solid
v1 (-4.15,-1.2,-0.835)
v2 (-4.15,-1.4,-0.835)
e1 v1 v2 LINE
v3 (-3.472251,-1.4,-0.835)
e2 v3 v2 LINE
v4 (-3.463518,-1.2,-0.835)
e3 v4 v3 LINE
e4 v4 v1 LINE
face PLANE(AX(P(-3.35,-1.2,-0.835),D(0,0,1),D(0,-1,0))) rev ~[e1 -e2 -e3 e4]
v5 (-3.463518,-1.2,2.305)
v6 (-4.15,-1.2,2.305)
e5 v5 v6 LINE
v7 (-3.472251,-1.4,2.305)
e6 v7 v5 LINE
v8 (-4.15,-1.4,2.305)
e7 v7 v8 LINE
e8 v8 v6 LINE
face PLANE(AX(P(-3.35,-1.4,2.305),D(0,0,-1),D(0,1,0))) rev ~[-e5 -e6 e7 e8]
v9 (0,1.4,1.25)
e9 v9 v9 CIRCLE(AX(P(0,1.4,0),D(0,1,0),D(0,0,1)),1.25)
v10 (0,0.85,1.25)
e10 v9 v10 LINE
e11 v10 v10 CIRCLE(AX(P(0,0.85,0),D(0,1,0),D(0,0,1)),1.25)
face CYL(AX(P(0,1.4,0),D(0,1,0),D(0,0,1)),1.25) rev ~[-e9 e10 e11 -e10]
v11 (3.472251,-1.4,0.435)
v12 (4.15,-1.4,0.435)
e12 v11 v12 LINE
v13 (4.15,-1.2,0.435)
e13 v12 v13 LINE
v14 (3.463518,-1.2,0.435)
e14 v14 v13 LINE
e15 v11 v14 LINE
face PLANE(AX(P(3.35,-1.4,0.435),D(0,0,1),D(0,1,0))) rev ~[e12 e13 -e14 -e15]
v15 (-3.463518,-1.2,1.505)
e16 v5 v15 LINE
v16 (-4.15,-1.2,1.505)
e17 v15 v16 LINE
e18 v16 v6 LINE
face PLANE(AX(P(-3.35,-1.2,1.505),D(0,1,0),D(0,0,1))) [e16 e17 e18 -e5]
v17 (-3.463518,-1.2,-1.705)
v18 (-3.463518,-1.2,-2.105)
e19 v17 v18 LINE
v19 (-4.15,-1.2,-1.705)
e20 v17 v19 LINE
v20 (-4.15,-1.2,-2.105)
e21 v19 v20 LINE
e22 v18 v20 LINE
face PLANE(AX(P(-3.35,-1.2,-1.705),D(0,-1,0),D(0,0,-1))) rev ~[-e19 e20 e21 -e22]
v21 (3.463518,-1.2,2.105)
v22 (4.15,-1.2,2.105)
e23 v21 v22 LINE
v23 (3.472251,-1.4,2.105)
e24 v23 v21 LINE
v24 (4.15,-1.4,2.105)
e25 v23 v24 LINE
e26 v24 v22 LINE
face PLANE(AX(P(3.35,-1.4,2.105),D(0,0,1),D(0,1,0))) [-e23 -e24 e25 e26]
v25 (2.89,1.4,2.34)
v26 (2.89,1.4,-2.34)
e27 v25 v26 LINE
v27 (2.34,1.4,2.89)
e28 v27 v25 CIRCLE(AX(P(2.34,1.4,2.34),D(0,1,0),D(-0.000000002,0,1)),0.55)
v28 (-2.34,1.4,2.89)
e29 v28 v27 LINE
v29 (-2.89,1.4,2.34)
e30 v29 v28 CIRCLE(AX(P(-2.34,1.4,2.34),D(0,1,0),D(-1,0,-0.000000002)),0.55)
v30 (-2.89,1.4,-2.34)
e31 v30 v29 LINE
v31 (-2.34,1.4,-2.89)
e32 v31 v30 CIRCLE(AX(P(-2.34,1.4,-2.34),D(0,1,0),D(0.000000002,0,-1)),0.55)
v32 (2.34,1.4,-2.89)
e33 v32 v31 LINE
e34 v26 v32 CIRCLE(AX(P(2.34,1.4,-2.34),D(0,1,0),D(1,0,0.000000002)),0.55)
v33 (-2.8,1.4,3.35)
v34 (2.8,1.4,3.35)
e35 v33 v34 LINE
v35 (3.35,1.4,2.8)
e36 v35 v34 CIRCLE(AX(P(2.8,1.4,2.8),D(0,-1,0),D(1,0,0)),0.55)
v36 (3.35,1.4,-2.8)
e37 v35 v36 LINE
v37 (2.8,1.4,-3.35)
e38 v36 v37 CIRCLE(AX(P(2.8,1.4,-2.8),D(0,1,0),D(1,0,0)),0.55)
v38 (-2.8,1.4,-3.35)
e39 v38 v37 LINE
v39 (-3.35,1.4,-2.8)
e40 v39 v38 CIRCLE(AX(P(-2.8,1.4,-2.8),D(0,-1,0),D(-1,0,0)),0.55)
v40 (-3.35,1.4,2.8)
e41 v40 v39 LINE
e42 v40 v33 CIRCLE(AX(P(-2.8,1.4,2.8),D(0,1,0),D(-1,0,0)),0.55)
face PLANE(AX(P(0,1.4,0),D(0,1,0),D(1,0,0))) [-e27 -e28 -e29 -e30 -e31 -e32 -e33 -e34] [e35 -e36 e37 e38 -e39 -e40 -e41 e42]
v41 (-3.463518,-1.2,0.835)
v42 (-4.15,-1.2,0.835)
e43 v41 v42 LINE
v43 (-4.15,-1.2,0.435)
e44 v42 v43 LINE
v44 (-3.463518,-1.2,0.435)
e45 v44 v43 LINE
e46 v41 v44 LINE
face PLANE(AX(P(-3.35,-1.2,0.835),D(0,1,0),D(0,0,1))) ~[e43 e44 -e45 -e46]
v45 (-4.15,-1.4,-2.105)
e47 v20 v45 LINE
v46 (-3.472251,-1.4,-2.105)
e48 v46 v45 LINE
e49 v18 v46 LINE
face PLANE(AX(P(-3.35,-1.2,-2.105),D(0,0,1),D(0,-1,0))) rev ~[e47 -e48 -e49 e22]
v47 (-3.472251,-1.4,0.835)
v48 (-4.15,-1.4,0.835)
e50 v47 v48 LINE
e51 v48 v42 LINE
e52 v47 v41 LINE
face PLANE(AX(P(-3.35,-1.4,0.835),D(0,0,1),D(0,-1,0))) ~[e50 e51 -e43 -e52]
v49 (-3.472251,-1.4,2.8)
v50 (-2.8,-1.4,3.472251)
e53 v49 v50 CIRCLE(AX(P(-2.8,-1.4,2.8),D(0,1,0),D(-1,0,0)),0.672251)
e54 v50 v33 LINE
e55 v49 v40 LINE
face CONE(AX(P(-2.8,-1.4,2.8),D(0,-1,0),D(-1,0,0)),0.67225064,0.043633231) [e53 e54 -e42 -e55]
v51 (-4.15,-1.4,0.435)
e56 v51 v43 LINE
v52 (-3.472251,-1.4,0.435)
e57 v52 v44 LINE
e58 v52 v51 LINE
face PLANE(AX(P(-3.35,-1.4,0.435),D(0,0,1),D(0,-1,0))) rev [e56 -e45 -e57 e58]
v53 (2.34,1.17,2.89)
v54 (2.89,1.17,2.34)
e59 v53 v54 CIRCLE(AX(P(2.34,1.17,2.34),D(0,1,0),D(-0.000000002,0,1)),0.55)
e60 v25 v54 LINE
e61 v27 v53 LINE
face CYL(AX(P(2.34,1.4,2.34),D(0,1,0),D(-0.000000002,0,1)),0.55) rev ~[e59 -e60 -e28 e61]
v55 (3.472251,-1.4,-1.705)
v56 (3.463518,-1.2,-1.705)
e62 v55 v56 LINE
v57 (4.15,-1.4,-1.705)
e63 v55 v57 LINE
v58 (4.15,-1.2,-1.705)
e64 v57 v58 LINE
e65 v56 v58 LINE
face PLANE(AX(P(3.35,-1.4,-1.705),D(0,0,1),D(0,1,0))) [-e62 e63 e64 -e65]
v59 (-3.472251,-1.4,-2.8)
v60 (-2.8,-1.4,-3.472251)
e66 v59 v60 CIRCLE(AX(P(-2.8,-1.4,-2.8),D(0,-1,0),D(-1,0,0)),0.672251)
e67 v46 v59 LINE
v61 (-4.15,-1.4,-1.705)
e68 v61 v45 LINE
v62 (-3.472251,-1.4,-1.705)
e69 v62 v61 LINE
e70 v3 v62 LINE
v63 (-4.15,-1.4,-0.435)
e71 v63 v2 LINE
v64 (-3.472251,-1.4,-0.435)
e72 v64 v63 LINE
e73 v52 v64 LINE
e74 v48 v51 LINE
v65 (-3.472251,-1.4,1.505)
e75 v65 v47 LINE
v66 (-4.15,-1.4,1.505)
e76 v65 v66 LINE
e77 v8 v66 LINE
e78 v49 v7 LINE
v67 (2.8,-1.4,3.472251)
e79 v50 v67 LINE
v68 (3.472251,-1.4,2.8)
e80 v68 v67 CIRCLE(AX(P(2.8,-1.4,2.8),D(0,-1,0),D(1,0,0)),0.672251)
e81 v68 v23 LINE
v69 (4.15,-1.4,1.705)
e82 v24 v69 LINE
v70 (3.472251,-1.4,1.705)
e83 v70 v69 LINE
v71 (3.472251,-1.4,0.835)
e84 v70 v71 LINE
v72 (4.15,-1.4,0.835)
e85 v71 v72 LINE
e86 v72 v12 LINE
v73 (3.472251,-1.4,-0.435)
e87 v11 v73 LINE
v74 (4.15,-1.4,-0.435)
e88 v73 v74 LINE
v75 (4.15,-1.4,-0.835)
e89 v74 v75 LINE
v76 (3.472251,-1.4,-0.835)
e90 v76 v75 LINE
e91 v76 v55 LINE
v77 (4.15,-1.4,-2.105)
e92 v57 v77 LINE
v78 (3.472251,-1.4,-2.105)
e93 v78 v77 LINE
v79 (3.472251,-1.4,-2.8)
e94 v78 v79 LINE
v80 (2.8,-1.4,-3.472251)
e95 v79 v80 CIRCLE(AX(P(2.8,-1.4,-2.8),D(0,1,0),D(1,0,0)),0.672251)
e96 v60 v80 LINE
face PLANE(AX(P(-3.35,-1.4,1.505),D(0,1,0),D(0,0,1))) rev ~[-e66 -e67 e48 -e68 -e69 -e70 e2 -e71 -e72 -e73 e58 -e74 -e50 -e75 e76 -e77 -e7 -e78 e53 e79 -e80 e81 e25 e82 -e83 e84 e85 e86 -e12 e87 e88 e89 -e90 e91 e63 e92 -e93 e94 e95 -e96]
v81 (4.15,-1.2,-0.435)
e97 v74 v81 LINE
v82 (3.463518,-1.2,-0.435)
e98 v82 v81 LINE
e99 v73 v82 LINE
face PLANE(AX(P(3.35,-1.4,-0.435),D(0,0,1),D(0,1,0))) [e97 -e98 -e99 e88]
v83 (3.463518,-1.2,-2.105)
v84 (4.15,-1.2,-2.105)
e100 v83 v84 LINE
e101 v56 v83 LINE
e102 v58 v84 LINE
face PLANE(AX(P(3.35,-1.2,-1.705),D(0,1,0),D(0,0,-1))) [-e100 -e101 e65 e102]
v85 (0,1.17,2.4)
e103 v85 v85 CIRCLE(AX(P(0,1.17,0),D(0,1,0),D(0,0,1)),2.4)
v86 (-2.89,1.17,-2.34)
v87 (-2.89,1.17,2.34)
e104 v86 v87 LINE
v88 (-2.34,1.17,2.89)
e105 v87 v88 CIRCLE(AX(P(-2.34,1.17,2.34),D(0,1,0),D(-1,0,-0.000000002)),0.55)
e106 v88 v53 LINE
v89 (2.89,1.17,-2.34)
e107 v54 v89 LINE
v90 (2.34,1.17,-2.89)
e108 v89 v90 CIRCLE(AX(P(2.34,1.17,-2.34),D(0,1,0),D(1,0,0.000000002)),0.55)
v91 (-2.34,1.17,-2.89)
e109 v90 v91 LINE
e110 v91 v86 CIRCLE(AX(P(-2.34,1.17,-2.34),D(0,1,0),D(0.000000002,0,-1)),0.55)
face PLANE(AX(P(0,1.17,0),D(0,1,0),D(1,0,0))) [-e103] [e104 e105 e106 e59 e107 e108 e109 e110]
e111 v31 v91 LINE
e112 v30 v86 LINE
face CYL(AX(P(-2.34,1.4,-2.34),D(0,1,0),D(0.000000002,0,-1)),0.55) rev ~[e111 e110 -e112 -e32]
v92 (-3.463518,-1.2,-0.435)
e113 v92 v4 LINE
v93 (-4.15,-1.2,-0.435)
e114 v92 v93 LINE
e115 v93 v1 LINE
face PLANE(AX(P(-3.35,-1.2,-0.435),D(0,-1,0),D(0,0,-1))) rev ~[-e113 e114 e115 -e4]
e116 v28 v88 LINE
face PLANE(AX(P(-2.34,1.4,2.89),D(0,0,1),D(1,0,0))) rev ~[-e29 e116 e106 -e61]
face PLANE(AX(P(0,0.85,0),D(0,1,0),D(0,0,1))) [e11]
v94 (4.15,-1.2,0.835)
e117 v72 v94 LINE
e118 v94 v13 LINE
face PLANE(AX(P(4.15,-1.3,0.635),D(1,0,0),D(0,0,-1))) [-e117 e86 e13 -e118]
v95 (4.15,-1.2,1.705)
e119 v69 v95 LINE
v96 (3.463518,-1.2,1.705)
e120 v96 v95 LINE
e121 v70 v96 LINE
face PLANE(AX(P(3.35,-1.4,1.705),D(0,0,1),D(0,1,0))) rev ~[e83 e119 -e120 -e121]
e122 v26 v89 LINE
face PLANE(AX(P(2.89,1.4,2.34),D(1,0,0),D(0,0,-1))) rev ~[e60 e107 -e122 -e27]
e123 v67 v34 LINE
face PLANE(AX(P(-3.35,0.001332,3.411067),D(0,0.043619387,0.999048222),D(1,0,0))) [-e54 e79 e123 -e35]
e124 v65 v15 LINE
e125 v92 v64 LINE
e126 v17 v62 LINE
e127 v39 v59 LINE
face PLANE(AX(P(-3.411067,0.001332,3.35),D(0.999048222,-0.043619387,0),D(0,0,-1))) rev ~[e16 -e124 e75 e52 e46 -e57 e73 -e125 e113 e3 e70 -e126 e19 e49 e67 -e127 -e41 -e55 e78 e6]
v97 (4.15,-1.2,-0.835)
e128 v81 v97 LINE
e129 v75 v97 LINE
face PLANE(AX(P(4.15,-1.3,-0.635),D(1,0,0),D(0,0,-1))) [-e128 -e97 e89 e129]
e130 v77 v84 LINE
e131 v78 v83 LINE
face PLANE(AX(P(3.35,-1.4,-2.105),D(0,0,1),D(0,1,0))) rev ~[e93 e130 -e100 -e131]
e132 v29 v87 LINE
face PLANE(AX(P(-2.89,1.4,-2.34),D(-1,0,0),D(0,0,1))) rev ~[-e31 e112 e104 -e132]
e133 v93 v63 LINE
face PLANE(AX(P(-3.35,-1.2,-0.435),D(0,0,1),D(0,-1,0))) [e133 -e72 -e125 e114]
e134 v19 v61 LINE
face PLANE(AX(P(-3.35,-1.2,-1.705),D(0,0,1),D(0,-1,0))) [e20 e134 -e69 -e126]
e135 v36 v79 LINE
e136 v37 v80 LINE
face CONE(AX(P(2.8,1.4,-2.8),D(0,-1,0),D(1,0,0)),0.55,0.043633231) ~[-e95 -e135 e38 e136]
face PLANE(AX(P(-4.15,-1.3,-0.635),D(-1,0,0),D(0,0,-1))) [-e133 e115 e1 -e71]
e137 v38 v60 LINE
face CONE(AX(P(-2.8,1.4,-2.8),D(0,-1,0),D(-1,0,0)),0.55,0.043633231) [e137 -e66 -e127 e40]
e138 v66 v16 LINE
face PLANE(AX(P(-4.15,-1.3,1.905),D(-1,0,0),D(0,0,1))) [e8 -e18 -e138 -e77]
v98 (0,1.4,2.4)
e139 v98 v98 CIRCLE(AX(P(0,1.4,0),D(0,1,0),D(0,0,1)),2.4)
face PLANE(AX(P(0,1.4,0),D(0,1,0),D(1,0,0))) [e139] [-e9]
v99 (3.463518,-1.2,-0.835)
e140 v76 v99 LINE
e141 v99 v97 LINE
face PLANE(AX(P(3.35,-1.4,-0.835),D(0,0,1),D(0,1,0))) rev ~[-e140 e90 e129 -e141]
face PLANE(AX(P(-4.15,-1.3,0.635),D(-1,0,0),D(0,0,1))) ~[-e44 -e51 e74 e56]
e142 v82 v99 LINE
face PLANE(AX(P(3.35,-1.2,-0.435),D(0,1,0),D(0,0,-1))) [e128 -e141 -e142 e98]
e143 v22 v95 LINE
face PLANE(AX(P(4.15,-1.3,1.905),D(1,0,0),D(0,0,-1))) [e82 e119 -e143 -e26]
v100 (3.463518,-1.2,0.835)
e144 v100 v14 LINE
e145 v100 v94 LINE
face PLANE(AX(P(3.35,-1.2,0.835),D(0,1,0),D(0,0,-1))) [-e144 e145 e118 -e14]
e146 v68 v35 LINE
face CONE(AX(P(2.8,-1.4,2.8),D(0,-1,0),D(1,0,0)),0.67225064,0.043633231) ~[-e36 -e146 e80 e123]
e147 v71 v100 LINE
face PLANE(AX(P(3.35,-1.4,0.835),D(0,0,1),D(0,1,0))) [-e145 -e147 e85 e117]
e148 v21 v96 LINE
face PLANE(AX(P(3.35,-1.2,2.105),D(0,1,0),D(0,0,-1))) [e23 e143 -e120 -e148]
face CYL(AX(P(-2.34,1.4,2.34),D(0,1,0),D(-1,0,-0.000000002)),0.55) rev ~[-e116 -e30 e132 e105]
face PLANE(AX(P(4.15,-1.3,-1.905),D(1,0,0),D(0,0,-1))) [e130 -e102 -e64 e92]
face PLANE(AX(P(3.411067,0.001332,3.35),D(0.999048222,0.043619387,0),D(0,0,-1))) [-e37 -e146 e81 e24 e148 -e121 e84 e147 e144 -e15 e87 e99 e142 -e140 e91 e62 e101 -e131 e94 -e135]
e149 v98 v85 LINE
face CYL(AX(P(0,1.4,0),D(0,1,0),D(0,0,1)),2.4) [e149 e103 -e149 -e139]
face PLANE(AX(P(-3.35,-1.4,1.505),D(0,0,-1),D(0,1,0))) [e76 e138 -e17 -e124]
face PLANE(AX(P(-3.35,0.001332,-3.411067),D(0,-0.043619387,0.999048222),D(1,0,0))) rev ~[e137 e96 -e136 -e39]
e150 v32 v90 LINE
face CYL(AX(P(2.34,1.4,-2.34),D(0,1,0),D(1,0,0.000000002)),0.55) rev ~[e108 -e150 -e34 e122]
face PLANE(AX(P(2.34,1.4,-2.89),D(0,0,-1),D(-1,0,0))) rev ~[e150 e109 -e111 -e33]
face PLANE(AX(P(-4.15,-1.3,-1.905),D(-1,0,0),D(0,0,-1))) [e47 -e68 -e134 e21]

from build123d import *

# Parameters (mm, degrees)
SKETCH1_W               = 6.7
SKETCH1_H               = 6.7
BOSS_EXTRUDE1_DEPTH     = 1.4
SKETCH2_W               = 0.4
SKETCH2_H               = 0.2
BOSS_EXTRUDE2_DEPTH     = 0.8
LPATTERN1_COUNT         = 3
LPATTERN1_PITCH         = 1.27
LPATTERN1_COL_COUNT     = 2
LPATTERN1_COL_PITCH     = 1.27
MIRROR1_COPY_1_SKETCH_W = 0.4
MIRROR1_COPY_1_SKETCH_H = 0.2
MIRROR1_COPY_1_DEPTH    = 0.8
MIRROR1_COPY_2_SKETCH_W = 0.4
MIRROR1_COPY_2_SKETCH_H = 0.2
MIRROR1_COPY_2_DEPTH    = 0.8
MIRROR1_COPY_3_SKETCH_W = 0.4
MIRROR1_COPY_3_SKETCH_H = 0.2
MIRROR1_COPY_3_DEPTH    = 0.8
SKETCH3_W               = 0.8
SKETCH3_H               = 0.2
BOSS_EXTRUDE3_DEPTH     = 0.8
FILLET1_R               = 0.55
DRAFT1_ANGLE            = 2.5
SKETCH4_R               = 1.25
CUT_EXTRUDE1_DEPTH      = 0.55
SKETCH5_R               = 2.4
CUT_EXTRUDE2_DEPTH      = 0.23


with BuildPart() as part:
    # Sketch1 → Boss-Extrude1 (new, symmetric)
    with BuildSketch(Plane(origin=(0, 0, 0), x_dir=(1, 0, 0), z_dir=(0, 1, 0))):
        Rectangle(SKETCH1_W, SKETCH1_H)
    extrude(amount=BOSS_EXTRUDE1_DEPTH, both=True)

    # Sketch2 → Boss-Extrude2 (add)
    with BuildSketch(Plane(origin=(3.35, 0, 0), x_dir=(0, 0, -1), z_dir=(1, 0, 0))):
        with Locations((-0.635, -1.3)):
            Rectangle(SKETCH2_W, SKETCH2_H)
    boss_extrude2 = extrude(amount=BOSS_EXTRUDE2_DEPTH)

    # LPattern1: Boss-Extrude2 ×3
    with Locations(*[(0, 0, -i * LPATTERN1_PITCH) for i in range(1, LPATTERN1_COUNT)]):
        add(boss_extrude2)

    # LPattern1 col: Boss-Extrude2 ×2
    with Locations(*[(0, 0, i * LPATTERN1_COL_PITCH) for i in range(1, LPATTERN1_COL_COUNT)]):
        add(boss_extrude2)

    # Mirror1: Boss-Extrude2 across plane
    add(boss_extrude2.mirror(Plane(origin=(0, 0, 0), x_dir=(0, 0, 1), z_dir=(1, 0, 0))))

    # Mirror1 copy 1 sketch → Mirror1 copy 1 (add)
    with BuildSketch(Plane(origin=(-3.35, 0, -1.27), x_dir=(0, 0, -1), z_dir=(-1, 0, 0))):
        with Locations((-0.635, 1.3)):
            Rectangle(MIRROR1_COPY_1_SKETCH_W, MIRROR1_COPY_1_SKETCH_H)
    extrude(amount=MIRROR1_COPY_1_DEPTH)

    # Mirror1 copy 2 sketch → Mirror1 copy 2 (add)
    with BuildSketch(Plane(origin=(-3.35, 0, -2.54), x_dir=(0, 0, -1), z_dir=(-1, 0, 0))):
        with Locations((-0.635, 1.3)):
            Rectangle(MIRROR1_COPY_2_SKETCH_W, MIRROR1_COPY_2_SKETCH_H)
    extrude(amount=MIRROR1_COPY_2_DEPTH)

    # Mirror1 copy 3 sketch → Mirror1 copy 3 (add)
    with BuildSketch(Plane(origin=(-3.35, 0, 1.27), x_dir=(0, 0, -1), z_dir=(-1, 0, 0))):
        with Locations((-0.635, 1.3)):
            Rectangle(MIRROR1_COPY_3_SKETCH_W, MIRROR1_COPY_3_SKETCH_H)
    extrude(amount=MIRROR1_COPY_3_DEPTH)

    # Sketch3 → Boss-Extrude3 (add)
    with BuildSketch(Plane.ZY.offset(3.35)):
        with Locations((1.905, -1.3)):
            Rectangle(SKETCH3_W, SKETCH3_H)
    extrude(amount=BOSS_EXTRUDE3_DEPTH)

    # Fillet1
    fillet1_edges = [part.edges().sort_by_distance(p)[0] for p in [
        (3.35, 0, -3.35),
        (3.35, 0, 3.35),
        (-3.35, 0, 3.35),
        (-3.35, 0, -3.35),
    ]]
    fillet(fillet1_edges, radius=FILLET1_R)

    # Draft1
    draft1_faces = [part.faces().sort_by_distance(p)[0] for p in [
        (3.18890873, 0, 3.18890873),
        (3.35, 0.027083333, 0),
        (3.18890873, 0, -3.18890873),
        (-3.18890873, 0, -3.18890873),
        (-3.18890873, 0, 3.18890873),
        (0, 0, 3.35),
        (-3.35, 0.034031414, -0.009973822),
        (0, 0, -3.35),
    ]]
    draft(draft1_faces, Plane.ZX.offset(1.4), DRAFT1_ANGLE)

    # Sketch4 → Cut-Extrude1 (cut)
    with BuildSketch(Plane(origin=(0, 1.4, 0), x_dir=(1, 0, 0), z_dir=(0, 1, 0))):
        with Locations(Location((0, 0, 0), (0, 0, 270))):
            Circle(SKETCH4_R)
    extrude(amount=-CUT_EXTRUDE1_DEPTH, mode=Mode.SUBTRACT)

    # Sketch5 → Cut-Extrude2 (cut)
    with BuildSketch(Plane(origin=(0, 1.4, 0), x_dir=(1, 0, 0), z_dir=(0, 1, 0))):
        with BuildLine():
            Line((-2.34, -2.89), (2.34, -2.89))
            ThreePointArc((2.34, -2.89), (2.72890873, -2.72890873), (2.89, -2.34))
            Line((2.89, -2.34), (2.89, 2.34))
            ThreePointArc((2.89, 2.34), (2.72890873, 2.72890873), (2.34, 2.89))
            Line((2.34, 2.89), (-2.34, 2.89))
            ThreePointArc((-2.34, 2.89), (-2.72890873, 2.72890873), (-2.89, 2.34))
            Line((-2.89, 2.34), (-2.89, -2.34))
            ThreePointArc((-2.89, -2.34), (-2.72890873, -2.72890873), (-2.34, -2.89))
        make_face()
        with Locations(Location((0, 0, 0), (0, 0, 270))):
            Circle(SKETCH5_R, mode=Mode.SUBTRACT)
    extrude(amount=-CUT_EXTRUDE2_DEPTH, mode=Mode.SUBTRACT)


solid = part.part
